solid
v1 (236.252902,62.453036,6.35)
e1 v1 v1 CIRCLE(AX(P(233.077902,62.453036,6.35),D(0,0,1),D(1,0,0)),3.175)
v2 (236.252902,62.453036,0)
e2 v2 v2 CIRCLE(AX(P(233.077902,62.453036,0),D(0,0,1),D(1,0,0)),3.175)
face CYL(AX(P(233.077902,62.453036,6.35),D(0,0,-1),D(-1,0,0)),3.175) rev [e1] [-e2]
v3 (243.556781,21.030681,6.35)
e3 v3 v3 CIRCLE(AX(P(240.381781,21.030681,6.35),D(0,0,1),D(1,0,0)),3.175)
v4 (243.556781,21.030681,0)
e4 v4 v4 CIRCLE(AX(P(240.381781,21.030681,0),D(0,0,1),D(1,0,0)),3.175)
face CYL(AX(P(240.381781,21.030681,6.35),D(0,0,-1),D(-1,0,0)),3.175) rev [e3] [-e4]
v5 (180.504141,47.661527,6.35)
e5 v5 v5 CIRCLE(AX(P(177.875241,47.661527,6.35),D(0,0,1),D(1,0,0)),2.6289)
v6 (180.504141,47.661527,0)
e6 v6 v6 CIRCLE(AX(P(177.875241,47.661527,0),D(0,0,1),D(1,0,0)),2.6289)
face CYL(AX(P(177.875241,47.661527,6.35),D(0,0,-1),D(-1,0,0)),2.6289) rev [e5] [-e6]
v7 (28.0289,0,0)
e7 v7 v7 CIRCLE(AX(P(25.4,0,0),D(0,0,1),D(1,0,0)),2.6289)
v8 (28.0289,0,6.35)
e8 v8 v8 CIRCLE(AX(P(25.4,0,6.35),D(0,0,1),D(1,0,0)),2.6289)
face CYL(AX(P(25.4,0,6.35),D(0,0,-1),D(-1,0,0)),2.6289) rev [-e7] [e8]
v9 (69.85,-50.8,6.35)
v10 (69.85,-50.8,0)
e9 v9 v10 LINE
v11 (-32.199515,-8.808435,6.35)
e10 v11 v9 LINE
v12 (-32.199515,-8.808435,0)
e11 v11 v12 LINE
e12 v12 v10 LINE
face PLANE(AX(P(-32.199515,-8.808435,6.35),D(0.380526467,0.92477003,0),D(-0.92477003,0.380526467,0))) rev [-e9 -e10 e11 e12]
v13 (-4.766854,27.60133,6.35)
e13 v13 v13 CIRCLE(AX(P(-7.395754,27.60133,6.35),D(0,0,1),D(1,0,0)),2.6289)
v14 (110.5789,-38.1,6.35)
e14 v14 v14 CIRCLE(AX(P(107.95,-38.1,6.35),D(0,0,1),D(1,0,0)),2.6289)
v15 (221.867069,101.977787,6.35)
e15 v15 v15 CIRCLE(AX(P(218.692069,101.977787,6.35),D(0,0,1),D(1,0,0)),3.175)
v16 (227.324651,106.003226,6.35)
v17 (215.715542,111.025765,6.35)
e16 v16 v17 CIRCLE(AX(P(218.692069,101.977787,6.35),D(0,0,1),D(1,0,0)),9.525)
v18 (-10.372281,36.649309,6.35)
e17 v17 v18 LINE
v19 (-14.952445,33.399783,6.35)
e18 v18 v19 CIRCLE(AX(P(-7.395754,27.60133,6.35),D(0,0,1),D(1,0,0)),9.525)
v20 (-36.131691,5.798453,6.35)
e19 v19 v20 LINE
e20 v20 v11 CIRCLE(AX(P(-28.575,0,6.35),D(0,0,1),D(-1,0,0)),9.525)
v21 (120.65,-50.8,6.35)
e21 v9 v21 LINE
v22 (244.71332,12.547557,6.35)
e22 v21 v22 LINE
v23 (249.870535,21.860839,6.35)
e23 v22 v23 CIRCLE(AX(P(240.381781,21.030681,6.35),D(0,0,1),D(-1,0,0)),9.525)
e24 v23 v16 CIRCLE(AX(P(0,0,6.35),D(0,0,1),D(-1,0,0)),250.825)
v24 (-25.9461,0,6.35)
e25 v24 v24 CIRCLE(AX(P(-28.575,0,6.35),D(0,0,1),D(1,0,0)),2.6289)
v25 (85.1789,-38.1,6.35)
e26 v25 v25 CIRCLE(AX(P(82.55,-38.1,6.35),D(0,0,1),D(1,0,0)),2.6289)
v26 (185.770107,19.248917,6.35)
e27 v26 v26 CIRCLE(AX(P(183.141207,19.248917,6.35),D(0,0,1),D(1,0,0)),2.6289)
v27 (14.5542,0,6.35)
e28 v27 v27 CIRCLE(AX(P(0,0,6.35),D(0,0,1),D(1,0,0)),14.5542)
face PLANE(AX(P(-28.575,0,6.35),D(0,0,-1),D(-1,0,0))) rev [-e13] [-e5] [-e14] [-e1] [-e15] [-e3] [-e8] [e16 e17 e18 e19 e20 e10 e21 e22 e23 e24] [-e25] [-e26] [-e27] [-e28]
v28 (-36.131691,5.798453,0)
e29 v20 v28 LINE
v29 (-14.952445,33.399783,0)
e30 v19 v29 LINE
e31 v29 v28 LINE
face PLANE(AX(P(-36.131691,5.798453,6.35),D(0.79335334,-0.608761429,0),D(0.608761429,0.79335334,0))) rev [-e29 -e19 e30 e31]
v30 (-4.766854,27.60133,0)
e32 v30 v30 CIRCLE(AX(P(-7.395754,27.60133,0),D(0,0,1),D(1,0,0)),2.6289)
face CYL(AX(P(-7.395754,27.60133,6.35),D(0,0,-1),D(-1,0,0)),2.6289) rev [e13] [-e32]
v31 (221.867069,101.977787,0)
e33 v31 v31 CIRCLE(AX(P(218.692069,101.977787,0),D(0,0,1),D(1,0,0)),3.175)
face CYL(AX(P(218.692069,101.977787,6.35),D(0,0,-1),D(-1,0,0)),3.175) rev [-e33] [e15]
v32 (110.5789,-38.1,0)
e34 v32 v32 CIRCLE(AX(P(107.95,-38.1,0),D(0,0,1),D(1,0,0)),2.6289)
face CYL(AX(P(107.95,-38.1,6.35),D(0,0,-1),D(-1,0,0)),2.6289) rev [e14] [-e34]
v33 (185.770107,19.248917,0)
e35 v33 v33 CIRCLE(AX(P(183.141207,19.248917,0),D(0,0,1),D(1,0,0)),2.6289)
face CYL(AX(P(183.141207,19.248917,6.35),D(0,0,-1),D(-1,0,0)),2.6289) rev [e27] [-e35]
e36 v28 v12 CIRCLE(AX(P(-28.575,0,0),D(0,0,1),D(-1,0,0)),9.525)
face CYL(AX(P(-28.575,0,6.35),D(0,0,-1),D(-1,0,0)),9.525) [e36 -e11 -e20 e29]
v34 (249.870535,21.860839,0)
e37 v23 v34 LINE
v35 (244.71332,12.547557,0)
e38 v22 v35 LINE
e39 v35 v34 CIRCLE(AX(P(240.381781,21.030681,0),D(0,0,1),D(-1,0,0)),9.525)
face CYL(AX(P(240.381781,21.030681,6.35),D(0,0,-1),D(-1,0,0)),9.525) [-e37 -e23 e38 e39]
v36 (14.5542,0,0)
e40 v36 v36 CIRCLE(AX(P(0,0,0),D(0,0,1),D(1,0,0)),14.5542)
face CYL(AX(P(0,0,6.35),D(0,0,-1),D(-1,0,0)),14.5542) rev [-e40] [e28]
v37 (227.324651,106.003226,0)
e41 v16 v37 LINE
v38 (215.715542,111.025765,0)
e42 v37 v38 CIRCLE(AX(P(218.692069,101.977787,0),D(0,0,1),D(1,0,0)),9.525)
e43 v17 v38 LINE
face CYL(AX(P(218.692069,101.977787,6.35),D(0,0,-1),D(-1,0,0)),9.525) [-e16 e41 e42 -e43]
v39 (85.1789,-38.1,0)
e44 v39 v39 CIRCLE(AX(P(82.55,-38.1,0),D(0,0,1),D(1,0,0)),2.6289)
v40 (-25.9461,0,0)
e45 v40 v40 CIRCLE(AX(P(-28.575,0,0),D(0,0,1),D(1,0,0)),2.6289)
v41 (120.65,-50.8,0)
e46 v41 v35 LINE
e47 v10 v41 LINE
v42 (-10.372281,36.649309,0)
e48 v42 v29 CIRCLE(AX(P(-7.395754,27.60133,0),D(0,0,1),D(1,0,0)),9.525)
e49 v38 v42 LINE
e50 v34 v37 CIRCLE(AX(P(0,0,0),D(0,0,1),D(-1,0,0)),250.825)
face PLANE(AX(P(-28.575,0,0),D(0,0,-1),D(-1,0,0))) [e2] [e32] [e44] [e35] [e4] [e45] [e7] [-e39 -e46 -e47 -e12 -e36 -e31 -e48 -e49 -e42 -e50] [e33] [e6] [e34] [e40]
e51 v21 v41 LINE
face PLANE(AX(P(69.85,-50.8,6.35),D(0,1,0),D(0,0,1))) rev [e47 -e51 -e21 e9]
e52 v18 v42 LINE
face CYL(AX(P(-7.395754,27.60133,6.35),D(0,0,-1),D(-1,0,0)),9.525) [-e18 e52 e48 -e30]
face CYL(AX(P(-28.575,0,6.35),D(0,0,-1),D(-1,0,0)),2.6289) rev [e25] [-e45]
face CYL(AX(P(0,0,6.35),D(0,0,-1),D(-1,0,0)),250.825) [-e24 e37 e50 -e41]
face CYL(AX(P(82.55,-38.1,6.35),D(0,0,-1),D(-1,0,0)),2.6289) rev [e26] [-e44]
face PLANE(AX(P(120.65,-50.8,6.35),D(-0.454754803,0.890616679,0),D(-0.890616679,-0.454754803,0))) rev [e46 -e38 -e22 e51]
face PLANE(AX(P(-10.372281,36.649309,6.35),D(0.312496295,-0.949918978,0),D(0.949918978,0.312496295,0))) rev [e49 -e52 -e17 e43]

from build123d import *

# Parameters (mm, degrees)
SKETCH1_R           = 14.5542
SKETCH1_R_2         = 2.6289
SKETCH1_R_3         = 3.175
BOSS_EXTRUDE1_DEPTH = 6.35


with BuildPart() as part:
    # Sketch1 → Boss-Extrude1 (new body)
    with BuildSketch(Plane.XY):
        with BuildLine():
            Line((-36.131690566, 5.798452611), (-14.95244478, 33.399783098))
            ThreePointArc((-14.95244478, 33.399783098), (-12.907289703, 35.369766722), (-10.372281426, 36.649308755))
            Line((-10.372281426, 36.649308755), (215.715541799, 111.025764827))
            ThreePointArc((215.715541799, 111.025764827), (222.474160144, 110.71972065), (227.324650683, 106.003225501))
            ThreePointArc((227.324650683, 106.003225501), (242.278345379, 64.918286988), (249.870535149, 21.860839175))
            ThreePointArc((249.870535149, 21.860839175), (248.714513601, 16.416443349), (244.713320148, 12.547556856))
            Line((244.713320148, 12.547556856), (120.65, -50.8))
            Line((120.65, -50.8), (69.85, -50.8))
            Line((69.85, -50.8), (-32.199514598, -8.808434533))
            ThreePointArc((-32.199514598, -8.808434533), (-37.772560831, -2.475984603), (-36.131690566, 5.798452611))
        make_face()
        Circle(SKETCH1_R, mode=Mode.SUBTRACT)
        with Locations((-28.575, 0)):
            Circle(SKETCH1_R_2, mode=Mode.SUBTRACT)
        with Locations((-7.395754214, 27.601330486)):
            Circle(SKETCH1_R_2, mode=Mode.SUBTRACT)
        with Locations((240.38178065, 21.030680725)):
            Circle(SKETCH1_R_3, mode=Mode.SUBTRACT)
        with Locations((233.077901884, 62.453035583)):
            Circle(SKETCH1_R_3, mode=Mode.SUBTRACT)
        with Locations((218.692069012, 101.977786558)):
            Circle(SKETCH1_R_3, mode=Mode.SUBTRACT)
        with Locations((82.55, -38.1)):
            Circle(SKETCH1_R_2, mode=Mode.SUBTRACT)
        with Locations((107.95, -38.1)):
            Circle(SKETCH1_R_2, mode=Mode.SUBTRACT)
        with Locations((25.4, 0)):
            Circle(SKETCH1_R_2, mode=Mode.SUBTRACT)
        with Locations((177.875240911, 47.661527156)):
            Circle(SKETCH1_R_2, mode=Mode.SUBTRACT)
        with Locations((183.141207032, 19.248916511)):
            Circle(SKETCH1_R_2, mode=Mode.SUBTRACT)
    extrude(amount=BOSS_EXTRUDE1_DEPTH)


solid = part.part
